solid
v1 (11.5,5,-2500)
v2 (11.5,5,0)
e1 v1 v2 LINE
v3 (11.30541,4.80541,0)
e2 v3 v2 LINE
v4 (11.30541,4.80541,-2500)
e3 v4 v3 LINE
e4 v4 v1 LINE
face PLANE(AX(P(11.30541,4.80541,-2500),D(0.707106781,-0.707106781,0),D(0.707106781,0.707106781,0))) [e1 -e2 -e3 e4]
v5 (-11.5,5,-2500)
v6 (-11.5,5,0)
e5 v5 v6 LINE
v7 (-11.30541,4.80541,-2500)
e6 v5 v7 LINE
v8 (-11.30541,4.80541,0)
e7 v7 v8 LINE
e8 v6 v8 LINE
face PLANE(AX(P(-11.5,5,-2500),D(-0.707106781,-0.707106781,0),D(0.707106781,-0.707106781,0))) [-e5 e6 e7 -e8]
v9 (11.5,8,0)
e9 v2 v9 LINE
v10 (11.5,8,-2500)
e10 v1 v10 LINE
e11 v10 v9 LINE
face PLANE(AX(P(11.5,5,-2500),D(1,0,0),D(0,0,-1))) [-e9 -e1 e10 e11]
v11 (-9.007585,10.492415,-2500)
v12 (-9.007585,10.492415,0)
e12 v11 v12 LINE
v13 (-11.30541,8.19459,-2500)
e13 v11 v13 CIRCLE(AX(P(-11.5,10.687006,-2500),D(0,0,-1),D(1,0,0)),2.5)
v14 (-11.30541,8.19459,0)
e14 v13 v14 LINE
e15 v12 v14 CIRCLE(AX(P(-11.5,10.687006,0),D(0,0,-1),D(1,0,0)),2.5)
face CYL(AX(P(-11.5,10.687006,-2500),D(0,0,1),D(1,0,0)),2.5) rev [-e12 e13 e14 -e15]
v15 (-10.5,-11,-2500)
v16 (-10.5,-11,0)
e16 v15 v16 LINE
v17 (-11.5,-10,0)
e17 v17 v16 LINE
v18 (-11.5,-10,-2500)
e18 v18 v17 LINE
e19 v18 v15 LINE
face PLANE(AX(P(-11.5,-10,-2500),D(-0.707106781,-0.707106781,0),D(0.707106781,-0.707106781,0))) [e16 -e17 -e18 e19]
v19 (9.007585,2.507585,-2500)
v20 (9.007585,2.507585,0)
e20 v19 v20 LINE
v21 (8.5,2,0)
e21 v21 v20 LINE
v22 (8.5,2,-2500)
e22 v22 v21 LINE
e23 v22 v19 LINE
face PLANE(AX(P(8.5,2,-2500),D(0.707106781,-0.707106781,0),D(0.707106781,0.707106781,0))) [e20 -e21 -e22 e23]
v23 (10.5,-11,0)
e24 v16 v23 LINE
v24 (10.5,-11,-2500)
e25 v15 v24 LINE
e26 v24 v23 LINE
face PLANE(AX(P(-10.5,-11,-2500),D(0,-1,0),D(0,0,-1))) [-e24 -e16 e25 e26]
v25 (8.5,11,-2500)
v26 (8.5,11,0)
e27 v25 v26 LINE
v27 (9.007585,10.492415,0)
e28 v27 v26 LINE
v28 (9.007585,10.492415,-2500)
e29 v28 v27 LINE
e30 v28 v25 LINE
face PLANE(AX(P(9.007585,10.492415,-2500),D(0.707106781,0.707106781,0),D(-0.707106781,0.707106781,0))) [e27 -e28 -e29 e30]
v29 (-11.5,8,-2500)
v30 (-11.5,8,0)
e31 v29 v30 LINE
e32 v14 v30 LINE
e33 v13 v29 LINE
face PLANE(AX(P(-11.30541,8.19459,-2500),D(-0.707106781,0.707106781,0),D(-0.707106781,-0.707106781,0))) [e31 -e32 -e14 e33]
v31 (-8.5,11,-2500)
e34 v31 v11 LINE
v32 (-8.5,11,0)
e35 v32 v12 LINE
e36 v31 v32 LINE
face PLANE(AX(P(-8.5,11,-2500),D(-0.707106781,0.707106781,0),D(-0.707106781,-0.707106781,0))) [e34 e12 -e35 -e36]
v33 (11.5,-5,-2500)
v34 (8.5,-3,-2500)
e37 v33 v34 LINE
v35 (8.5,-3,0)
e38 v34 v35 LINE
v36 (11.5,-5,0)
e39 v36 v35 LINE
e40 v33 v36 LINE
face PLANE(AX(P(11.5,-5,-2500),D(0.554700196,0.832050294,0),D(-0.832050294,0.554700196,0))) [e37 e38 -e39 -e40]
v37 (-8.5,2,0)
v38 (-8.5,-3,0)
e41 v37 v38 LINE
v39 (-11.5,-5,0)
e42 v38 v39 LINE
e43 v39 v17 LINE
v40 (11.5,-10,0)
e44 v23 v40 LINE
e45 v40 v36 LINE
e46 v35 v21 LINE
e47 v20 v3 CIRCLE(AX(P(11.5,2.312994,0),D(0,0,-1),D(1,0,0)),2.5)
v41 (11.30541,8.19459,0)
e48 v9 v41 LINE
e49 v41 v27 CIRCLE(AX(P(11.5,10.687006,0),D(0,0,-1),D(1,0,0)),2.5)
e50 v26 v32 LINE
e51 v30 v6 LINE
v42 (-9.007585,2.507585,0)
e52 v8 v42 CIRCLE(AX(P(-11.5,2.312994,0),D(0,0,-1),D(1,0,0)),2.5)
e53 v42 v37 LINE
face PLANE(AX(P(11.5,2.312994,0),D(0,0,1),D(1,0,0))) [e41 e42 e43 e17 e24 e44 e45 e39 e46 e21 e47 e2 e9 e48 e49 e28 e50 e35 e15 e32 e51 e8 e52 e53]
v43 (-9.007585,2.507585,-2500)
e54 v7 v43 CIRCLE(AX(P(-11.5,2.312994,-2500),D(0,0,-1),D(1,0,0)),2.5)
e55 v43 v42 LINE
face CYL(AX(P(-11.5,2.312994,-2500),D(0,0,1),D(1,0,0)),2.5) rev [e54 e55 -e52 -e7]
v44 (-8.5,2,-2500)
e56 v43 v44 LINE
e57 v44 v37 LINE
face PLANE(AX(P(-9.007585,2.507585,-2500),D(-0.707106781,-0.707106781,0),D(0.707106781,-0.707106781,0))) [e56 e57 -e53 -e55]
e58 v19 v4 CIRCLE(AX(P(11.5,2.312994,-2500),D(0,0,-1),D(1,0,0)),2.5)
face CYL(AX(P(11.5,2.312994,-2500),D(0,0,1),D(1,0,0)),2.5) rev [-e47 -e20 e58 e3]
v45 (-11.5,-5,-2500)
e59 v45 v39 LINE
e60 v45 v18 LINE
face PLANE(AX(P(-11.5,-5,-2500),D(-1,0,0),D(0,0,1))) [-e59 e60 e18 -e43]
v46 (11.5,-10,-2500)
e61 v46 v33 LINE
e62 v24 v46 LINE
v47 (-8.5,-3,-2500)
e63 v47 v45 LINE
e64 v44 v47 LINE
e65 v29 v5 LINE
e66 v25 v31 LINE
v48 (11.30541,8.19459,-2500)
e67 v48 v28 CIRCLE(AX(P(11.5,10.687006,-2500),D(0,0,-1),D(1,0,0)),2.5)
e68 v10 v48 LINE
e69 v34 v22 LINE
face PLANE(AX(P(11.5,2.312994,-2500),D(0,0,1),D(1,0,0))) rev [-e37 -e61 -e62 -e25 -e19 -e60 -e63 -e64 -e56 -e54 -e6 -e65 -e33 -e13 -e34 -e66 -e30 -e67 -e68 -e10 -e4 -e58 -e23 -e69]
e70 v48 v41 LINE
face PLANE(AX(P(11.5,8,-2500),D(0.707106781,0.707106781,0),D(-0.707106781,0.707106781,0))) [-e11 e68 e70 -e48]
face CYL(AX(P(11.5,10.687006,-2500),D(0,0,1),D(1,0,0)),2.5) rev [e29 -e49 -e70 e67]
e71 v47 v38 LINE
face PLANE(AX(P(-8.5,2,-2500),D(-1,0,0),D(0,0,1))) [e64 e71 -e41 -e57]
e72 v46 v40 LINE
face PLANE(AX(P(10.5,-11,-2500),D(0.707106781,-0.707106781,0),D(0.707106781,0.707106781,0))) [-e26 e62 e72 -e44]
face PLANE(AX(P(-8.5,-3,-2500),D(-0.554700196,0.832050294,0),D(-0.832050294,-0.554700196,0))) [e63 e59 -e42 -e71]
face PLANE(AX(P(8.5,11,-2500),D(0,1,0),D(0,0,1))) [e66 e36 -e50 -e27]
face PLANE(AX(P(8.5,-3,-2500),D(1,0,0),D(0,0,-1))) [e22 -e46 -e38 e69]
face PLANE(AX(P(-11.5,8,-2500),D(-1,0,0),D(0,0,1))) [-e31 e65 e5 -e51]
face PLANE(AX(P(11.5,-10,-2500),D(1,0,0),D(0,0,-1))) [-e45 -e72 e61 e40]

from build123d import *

# Parameters (mm, degrees)
EXTRUDE_1_DEPTH = 2500


with BuildPart() as part:
    # Model → Бобышка-Вытянуть1 (new body)
    with BuildSketch(Plane.XY):
        with BuildLine():
            Line((-11.5, -10), (-10.5, -11))
            Line((-10.5, -11), (10.5, -11))
            Line((10.5, -11), (11.5, -10))
            Line((11.5, -10), (11.5, -5))
            Line((11.5, -5), (8.5, -3))
            Line((8.5, -3), (8.5, 2))
            Line((8.5, 2), (9.007584586, 2.507584586))
            ThreePointArc((9.007584586, 2.507584586), (9.732233047, 4.080761184), (11.305409645, 4.805409645))
            Line((11.305409645, 4.805409645), (11.5, 5))
            Line((11.5, 5), (11.5, 8))
            Line((11.5, 8), (11.305409645, 8.194590355))
            ThreePointArc((11.305409645, 8.194590355), (9.732233047, 8.919238816), (9.007584586, 10.492415414))
            Line((9.007584586, 10.492415414), (8.5, 11))
            Line((8.5, 11), (-8.5, 11))
            Line((-8.5, 11), (-9.007584586, 10.492415414))
            ThreePointArc((-9.007584586, 10.492415414), (-9.732233047, 8.919238816), (-11.305409645, 8.194590355))
            Line((-11.305409645, 8.194590355), (-11.5, 8))
            Line((-11.5, 8), (-11.5, 5))
            Line((-11.5, 5), (-11.305409645, 4.805409645))
            ThreePointArc((-11.305409645, 4.805409645), (-9.732233047, 4.080761184), (-9.007584586, 2.507584586))
            Line((-9.007584586, 2.507584586), (-8.5, 2))
            Line((-8.5, 2), (-8.5, -3))
            Line((-8.5, -3), (-11.5, -5))
            Line((-11.5, -5), (-11.5, -10))
        make_face()
    extrude(amount=-EXTRUDE_1_DEPTH)


solid = part.part
